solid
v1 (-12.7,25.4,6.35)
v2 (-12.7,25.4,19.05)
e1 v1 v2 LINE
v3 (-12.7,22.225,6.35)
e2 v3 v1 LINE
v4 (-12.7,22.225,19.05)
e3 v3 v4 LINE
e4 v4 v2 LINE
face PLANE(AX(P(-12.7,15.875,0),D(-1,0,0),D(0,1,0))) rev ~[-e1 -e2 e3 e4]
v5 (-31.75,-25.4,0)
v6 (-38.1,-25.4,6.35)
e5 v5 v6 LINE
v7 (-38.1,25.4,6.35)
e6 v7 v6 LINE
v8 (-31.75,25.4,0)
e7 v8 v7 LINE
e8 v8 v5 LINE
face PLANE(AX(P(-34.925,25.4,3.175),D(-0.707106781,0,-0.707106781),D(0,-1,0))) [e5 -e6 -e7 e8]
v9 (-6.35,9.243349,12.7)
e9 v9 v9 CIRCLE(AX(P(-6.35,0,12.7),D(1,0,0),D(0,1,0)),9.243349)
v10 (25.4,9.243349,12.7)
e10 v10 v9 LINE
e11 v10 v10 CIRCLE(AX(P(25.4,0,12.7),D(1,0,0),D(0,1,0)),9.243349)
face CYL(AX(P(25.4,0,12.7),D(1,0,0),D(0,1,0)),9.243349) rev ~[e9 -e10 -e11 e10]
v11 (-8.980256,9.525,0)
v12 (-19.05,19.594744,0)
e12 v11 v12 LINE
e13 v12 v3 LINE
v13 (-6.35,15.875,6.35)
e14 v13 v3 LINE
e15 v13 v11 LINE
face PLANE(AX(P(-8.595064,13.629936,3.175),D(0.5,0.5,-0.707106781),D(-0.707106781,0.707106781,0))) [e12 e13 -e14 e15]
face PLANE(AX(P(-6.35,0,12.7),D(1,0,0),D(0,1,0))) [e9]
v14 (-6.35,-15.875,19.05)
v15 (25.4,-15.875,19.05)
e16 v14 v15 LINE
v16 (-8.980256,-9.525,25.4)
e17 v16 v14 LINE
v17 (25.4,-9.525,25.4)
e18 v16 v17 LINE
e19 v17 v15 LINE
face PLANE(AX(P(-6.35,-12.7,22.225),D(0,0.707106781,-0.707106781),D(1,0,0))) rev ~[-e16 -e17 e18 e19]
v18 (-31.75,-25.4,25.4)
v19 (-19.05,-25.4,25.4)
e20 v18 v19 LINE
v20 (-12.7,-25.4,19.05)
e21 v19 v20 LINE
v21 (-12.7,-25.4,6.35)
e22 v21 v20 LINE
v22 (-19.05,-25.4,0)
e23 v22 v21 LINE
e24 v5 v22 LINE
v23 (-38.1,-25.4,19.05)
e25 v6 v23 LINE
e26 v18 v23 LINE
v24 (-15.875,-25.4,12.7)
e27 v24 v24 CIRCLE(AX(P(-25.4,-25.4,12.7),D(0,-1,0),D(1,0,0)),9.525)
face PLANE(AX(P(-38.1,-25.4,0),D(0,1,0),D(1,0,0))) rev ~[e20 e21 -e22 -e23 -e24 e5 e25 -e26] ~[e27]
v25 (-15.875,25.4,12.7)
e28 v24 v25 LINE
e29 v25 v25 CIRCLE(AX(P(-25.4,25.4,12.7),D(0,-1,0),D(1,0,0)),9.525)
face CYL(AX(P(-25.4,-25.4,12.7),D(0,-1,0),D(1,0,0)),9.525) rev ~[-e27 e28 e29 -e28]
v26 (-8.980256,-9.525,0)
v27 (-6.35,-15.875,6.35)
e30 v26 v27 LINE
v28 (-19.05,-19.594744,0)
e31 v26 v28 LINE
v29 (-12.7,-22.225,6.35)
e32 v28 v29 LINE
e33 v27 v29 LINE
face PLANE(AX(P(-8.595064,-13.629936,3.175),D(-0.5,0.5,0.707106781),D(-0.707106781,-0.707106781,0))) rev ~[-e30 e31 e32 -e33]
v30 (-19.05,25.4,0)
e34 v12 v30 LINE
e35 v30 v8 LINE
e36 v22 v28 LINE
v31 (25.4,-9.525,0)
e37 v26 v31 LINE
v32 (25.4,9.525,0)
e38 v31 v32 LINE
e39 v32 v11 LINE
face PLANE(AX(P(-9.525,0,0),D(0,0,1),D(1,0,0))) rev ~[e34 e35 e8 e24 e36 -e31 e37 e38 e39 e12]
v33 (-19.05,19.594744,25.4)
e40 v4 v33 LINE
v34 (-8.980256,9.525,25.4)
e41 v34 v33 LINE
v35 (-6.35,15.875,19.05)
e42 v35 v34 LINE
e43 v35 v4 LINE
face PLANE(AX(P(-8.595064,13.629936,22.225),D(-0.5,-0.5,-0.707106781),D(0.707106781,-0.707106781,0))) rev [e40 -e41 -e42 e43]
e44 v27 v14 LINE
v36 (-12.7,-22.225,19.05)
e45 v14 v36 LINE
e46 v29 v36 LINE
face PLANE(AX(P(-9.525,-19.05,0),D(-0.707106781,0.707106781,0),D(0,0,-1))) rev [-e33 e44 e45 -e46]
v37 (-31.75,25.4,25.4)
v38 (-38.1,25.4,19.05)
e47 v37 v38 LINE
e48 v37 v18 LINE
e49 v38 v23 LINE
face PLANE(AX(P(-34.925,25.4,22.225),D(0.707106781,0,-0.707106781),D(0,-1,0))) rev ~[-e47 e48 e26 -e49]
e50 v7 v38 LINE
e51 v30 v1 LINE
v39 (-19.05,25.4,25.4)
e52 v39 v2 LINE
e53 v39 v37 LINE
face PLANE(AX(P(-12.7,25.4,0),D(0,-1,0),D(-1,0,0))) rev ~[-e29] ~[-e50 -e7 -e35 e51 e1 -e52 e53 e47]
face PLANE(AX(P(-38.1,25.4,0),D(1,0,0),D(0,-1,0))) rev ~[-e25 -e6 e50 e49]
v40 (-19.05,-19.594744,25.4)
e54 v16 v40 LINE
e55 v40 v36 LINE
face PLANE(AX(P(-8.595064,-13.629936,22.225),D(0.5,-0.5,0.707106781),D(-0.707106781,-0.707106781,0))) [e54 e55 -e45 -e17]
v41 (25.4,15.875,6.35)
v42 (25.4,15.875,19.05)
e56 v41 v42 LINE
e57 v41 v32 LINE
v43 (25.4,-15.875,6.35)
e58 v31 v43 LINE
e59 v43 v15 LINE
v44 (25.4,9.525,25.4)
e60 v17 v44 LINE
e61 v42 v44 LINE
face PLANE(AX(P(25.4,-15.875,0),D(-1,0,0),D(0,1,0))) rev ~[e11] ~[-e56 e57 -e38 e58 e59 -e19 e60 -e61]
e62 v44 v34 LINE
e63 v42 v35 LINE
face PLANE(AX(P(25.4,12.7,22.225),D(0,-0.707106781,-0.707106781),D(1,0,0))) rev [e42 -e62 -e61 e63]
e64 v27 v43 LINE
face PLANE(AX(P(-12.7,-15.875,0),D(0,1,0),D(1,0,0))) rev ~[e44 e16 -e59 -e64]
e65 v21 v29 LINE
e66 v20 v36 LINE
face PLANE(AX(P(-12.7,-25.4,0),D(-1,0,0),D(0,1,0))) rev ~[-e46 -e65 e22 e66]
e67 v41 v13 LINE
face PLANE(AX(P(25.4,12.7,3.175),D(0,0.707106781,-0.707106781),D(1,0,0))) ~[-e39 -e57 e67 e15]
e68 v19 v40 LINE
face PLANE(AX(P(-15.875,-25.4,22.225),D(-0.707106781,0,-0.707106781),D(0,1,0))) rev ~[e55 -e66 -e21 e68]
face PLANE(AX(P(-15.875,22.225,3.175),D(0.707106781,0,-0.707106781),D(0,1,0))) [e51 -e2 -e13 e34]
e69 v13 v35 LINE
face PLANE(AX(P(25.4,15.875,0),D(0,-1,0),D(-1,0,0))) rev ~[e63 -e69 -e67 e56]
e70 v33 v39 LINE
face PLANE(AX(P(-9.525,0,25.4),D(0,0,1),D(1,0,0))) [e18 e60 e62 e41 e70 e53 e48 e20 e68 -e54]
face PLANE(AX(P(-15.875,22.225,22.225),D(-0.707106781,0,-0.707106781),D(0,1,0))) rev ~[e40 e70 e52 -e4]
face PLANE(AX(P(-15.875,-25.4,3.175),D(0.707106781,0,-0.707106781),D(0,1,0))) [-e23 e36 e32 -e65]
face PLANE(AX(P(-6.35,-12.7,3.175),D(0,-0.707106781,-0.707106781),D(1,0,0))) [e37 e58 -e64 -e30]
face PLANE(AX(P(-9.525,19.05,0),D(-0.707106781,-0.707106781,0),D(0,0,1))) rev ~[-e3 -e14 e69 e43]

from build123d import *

# Parameters (mm, degrees)
F1_DEPTH = 25.4
F2_R     = 9.525
F3_DEPTH = 91.186
F4_R     = 9.2433485979
F5_DEPTH = 31.75
F6_SIZE  = 6.35
F7_SIZE  = 6.35


with BuildPart() as f1:
    # F0 (on Top) → F1 (new body)
    with BuildSketch(Plane.XY):
        Polygon((25.4, 15.875), (-12.7, 15.875), (-12.7, 25.4), (-38.1, 25.4), (-38.1, -25.4), (-12.7, -25.4), (-12.7, -15.875), (25.4, -15.875), align=None)
    extrude(amount=F1_DEPTH)

    # F2 (on face) → F3 (cut)
    with BuildSketch(Plane.XZ.offset(25.4)):
        with Locations((-25.4, 12.7)):
            Circle(F2_R)
    extrude(amount=-F3_DEPTH, mode=Mode.SUBTRACT)

    # F4 (on face) → F5 (cut)
    with BuildSketch(Plane.YZ.offset(25.4)):
        with Locations((0, 12.7)):
            Circle(F4_R)
    extrude(amount=-F5_DEPTH, mode=Mode.SUBTRACT)

    # F6
    f6_edges = [f1.edges().sort_by_distance(p)[0] for p in [
        (-12.7, 15.875, 12.7),
        (-12.7, -15.875, 12.7),
    ]]
    chamfer(f6_edges, length=F6_SIZE)

    # F7
    f7_edges = [f1.edges().sort_by_distance(p)[0] for p in [
        (-12.7, -23.8125, 25.4),
        (-9.525, -19.05, 25.4),
        (9.525, -15.875, 25.4),
        (9.525, 15.875, 25.4),
        (-9.525, 19.05, 25.4),
        (-12.7, 23.8125, 25.4),
        (-38.1, 0, 25.4),
        (9.525, 15.875, 0),
        (-9.525, 19.05, 0),
        (-12.7, 23.8125, 0),
        (-38.1, 0, 0),
        (-12.7, -23.8125, 0),
        (-9.525, -19.05, 0),
        (9.525, -15.875, 0),
    ]]
    chamfer(f7_edges, length=F7_SIZE)


solid = f1.part
